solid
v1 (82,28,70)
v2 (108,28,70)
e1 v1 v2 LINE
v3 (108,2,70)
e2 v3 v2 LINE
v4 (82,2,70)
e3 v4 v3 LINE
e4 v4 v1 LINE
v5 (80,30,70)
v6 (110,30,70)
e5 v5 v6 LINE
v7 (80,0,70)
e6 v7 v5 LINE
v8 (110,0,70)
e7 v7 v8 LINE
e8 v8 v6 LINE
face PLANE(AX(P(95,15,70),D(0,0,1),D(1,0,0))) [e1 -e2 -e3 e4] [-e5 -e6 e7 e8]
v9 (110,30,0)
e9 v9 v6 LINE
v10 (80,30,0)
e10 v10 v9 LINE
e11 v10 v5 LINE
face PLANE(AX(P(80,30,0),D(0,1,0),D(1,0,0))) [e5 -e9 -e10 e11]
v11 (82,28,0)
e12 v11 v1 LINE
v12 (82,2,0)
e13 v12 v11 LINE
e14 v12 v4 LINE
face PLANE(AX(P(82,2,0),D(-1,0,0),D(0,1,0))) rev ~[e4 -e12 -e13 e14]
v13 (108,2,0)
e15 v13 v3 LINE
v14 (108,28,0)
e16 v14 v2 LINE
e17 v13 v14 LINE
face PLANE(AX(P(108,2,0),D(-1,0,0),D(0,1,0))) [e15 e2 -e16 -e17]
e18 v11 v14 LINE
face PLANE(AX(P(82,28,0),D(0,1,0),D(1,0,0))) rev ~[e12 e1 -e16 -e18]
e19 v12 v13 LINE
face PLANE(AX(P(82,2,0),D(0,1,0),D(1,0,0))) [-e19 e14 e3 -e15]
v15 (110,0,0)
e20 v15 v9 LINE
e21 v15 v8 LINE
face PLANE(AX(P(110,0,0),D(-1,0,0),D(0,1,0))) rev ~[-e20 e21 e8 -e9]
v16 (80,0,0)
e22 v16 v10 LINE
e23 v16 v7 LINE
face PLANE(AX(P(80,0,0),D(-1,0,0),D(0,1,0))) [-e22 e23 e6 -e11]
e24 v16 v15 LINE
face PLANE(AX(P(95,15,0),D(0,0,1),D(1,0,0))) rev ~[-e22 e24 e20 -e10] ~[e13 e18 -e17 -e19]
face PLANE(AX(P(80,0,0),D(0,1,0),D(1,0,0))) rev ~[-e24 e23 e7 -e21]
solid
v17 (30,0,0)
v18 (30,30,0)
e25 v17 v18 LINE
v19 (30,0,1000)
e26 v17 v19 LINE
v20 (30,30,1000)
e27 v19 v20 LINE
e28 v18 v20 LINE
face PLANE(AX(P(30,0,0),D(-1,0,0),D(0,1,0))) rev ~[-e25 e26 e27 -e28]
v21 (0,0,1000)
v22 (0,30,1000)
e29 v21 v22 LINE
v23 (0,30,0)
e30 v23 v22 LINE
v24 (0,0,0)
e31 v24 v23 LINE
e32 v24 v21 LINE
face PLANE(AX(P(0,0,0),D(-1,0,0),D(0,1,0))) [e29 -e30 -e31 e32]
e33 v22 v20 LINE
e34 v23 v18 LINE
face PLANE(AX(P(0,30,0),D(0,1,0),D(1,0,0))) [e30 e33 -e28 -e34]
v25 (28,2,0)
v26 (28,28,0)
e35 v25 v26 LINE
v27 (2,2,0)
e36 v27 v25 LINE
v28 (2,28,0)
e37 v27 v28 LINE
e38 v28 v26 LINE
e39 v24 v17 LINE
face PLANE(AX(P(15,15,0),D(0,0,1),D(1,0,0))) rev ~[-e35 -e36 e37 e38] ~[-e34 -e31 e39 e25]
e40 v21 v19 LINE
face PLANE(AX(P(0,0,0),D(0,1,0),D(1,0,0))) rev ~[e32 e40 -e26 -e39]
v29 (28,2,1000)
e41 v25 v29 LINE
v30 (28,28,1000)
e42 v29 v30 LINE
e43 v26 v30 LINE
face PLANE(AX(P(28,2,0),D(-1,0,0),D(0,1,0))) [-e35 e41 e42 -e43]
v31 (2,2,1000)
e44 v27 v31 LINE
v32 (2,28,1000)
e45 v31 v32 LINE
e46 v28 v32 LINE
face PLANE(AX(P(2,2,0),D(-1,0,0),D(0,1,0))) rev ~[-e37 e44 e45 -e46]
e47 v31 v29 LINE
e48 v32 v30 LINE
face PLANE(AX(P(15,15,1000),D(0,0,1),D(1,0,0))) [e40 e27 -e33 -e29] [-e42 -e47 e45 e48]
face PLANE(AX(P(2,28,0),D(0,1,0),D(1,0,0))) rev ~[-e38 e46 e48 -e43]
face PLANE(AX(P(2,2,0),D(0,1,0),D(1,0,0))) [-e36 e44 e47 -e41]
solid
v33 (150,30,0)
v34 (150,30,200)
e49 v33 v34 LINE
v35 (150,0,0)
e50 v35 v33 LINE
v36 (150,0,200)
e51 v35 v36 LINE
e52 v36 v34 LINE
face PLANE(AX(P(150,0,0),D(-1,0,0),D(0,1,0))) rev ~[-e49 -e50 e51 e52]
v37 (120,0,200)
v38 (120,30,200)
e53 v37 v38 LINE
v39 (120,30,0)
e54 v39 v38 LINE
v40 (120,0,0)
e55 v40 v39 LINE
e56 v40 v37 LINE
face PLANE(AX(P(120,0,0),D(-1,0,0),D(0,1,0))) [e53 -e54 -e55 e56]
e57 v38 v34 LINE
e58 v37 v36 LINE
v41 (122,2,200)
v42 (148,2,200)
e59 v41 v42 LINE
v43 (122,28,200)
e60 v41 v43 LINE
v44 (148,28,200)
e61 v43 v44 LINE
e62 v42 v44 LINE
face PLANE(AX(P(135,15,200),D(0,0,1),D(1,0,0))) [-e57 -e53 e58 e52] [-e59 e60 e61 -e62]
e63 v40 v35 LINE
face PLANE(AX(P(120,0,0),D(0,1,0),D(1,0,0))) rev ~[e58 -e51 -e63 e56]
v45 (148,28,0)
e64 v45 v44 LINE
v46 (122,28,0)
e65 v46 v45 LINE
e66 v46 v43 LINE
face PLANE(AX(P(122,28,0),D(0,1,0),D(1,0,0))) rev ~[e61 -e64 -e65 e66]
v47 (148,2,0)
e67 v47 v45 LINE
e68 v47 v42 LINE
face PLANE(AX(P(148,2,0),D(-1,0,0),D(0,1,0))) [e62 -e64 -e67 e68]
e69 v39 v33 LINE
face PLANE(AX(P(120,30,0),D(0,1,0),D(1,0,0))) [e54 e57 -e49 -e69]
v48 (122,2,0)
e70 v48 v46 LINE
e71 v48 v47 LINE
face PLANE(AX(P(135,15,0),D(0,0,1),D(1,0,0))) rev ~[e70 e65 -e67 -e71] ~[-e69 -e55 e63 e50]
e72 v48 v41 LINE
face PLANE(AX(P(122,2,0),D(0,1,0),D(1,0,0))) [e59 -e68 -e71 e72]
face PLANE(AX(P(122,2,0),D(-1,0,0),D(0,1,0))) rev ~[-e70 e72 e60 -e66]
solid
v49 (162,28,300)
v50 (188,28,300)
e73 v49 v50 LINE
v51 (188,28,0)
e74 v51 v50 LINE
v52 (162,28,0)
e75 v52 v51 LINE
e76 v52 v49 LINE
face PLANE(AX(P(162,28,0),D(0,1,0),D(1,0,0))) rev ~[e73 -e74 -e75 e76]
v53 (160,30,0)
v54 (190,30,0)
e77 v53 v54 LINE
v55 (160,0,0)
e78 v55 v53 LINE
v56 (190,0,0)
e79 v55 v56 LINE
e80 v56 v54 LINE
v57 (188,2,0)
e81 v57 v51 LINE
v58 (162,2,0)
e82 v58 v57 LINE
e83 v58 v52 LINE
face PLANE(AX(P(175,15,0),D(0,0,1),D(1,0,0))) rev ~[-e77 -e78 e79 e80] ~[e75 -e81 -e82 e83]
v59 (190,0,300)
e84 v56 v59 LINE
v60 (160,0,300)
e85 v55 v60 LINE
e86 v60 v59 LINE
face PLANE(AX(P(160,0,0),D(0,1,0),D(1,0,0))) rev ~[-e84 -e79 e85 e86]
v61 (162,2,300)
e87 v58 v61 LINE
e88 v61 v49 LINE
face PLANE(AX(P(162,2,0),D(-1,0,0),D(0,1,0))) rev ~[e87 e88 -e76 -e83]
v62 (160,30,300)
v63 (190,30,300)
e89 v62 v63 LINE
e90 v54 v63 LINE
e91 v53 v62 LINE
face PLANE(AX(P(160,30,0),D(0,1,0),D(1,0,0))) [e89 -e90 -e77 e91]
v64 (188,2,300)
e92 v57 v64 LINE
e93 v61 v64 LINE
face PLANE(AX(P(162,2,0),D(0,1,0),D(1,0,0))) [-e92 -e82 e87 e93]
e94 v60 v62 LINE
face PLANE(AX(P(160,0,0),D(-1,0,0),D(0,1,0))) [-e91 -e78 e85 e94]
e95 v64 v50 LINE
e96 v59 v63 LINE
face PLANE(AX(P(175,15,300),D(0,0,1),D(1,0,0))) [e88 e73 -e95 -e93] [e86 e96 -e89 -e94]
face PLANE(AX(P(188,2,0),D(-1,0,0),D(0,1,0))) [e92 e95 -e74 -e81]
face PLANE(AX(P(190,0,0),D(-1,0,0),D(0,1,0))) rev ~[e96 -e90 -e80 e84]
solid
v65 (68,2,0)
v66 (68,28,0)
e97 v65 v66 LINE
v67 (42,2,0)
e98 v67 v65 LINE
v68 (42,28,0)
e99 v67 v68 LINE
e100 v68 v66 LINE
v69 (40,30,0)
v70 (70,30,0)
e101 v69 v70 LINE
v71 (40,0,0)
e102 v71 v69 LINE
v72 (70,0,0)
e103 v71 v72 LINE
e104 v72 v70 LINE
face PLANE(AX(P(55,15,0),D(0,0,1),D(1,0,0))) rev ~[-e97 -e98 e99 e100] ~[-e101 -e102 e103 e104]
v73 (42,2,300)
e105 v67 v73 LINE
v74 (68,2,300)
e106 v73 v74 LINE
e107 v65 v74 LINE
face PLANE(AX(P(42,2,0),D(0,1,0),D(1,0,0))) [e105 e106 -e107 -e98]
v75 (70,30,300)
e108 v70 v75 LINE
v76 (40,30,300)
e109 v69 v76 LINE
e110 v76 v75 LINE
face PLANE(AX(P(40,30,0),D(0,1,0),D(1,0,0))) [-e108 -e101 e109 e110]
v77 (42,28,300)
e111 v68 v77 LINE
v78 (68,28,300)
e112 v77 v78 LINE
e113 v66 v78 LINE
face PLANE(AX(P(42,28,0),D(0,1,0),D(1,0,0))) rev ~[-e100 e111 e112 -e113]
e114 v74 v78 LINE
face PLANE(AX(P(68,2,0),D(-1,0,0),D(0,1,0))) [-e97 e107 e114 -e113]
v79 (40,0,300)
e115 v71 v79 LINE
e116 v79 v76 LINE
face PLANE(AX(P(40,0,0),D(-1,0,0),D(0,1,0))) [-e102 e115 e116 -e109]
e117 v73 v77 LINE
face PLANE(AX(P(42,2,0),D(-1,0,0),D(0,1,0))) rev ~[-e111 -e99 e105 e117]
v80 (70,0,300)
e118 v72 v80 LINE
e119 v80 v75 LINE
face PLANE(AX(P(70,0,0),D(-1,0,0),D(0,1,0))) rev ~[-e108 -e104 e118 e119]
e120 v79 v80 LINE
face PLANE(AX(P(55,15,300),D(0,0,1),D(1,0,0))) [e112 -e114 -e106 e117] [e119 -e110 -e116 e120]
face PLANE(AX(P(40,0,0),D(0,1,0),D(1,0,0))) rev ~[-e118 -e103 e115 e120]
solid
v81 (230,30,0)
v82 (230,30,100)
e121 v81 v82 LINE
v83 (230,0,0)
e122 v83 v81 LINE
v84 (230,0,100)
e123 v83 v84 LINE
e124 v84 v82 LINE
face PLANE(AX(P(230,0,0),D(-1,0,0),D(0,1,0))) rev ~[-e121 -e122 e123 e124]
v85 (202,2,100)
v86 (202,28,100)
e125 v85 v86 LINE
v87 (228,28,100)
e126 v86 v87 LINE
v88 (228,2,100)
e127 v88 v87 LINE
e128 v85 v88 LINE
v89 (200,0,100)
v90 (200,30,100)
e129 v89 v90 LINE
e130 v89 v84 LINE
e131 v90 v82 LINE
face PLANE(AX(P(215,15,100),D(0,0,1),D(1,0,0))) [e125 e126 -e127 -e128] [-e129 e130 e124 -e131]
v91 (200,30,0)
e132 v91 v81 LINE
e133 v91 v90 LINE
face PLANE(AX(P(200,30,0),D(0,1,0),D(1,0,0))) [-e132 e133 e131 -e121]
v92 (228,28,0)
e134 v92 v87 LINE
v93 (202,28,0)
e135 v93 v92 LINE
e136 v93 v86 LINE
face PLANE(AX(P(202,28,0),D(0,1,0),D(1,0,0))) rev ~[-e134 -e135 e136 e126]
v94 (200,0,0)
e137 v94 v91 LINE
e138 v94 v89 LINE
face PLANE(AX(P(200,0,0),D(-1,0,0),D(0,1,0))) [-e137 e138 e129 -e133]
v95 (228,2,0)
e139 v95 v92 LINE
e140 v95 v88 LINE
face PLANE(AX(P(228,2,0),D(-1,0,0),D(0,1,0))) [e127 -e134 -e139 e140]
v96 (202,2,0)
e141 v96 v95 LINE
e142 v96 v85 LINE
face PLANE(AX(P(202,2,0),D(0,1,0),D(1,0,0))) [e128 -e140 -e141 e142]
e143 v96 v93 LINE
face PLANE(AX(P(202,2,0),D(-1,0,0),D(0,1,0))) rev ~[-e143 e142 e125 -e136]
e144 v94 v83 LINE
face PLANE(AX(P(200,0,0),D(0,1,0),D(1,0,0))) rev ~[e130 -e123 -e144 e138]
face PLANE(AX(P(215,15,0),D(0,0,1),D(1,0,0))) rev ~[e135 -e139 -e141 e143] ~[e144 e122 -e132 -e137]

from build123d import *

# Parameters (mm, degrees)
F6_W      = 30
F6_H      = 30
F6_W_2    = 26
F6_H_2    = 26
F7_DEPTH  = 1000
F8_DEPTH  = 300
F9_DEPTH  = 70
F10_DEPTH = 200
F11_DEPTH = 300
F12_DEPTH = 100


with BuildPart() as f7:
    # F6 (on Top) → F7 (new body)
    with BuildSketch(Plane.XY):
        with Locations((15, 15)):
            Rectangle(F6_W, F6_H)
        with Locations((15, 15)):
            Rectangle(F6_W_2, F6_H_2, mode=Mode.SUBTRACT)
    extrude(amount=F7_DEPTH)


with BuildPart() as f8:
    # F6 (on Top) → F8 (new body)
    with BuildSketch(Plane.XY):
        with Locations((55, 15)):
            Rectangle(F6_W, F6_H)
        with Locations((55, 15)):
            Rectangle(F6_W_2, F6_H_2, mode=Mode.SUBTRACT)
    extrude(amount=F8_DEPTH)


with BuildPart() as f9:
    # F6 (on Top) → F9 (new body)
    with BuildSketch(Plane.XY):
        with Locations((95, 15)):
            Rectangle(F6_W, F6_H)
        with Locations((95, 15)):
            Rectangle(F6_W_2, F6_H_2, mode=Mode.SUBTRACT)
    extrude(amount=F9_DEPTH)


with BuildPart() as f10:
    # F6 (on Top) → F10 (new body)
    with BuildSketch(Plane.XY):
        with Locations((135, 15)):
            Rectangle(F6_W, F6_H)
        with Locations((135, 15)):
            Rectangle(F6_W_2, F6_H_2, mode=Mode.SUBTRACT)
    extrude(amount=F10_DEPTH)


with BuildPart() as f11:
    # F6 (on Top) → F11 (new body)
    with BuildSketch(Plane.XY):
        with Locations((175, 15)):
            Rectangle(F6_W, F6_H)
        with Locations((175, 15)):
            Rectangle(F6_W_2, F6_H_2, mode=Mode.SUBTRACT)
    extrude(amount=F11_DEPTH)


with BuildPart() as f12:
    # F6 (on Top) → F12 (new body)
    with BuildSketch(Plane.XY):
        with Locations((215, 15)):
            Rectangle(F6_W, F6_H)
        with Locations((215, 15)):
            Rectangle(F6_W_2, F6_H_2, mode=Mode.SUBTRACT)
    extrude(amount=F12_DEPTH)


solid = Compound([f7.part, f8.part, f9.part, f10.part, f11.part, f12.part])
